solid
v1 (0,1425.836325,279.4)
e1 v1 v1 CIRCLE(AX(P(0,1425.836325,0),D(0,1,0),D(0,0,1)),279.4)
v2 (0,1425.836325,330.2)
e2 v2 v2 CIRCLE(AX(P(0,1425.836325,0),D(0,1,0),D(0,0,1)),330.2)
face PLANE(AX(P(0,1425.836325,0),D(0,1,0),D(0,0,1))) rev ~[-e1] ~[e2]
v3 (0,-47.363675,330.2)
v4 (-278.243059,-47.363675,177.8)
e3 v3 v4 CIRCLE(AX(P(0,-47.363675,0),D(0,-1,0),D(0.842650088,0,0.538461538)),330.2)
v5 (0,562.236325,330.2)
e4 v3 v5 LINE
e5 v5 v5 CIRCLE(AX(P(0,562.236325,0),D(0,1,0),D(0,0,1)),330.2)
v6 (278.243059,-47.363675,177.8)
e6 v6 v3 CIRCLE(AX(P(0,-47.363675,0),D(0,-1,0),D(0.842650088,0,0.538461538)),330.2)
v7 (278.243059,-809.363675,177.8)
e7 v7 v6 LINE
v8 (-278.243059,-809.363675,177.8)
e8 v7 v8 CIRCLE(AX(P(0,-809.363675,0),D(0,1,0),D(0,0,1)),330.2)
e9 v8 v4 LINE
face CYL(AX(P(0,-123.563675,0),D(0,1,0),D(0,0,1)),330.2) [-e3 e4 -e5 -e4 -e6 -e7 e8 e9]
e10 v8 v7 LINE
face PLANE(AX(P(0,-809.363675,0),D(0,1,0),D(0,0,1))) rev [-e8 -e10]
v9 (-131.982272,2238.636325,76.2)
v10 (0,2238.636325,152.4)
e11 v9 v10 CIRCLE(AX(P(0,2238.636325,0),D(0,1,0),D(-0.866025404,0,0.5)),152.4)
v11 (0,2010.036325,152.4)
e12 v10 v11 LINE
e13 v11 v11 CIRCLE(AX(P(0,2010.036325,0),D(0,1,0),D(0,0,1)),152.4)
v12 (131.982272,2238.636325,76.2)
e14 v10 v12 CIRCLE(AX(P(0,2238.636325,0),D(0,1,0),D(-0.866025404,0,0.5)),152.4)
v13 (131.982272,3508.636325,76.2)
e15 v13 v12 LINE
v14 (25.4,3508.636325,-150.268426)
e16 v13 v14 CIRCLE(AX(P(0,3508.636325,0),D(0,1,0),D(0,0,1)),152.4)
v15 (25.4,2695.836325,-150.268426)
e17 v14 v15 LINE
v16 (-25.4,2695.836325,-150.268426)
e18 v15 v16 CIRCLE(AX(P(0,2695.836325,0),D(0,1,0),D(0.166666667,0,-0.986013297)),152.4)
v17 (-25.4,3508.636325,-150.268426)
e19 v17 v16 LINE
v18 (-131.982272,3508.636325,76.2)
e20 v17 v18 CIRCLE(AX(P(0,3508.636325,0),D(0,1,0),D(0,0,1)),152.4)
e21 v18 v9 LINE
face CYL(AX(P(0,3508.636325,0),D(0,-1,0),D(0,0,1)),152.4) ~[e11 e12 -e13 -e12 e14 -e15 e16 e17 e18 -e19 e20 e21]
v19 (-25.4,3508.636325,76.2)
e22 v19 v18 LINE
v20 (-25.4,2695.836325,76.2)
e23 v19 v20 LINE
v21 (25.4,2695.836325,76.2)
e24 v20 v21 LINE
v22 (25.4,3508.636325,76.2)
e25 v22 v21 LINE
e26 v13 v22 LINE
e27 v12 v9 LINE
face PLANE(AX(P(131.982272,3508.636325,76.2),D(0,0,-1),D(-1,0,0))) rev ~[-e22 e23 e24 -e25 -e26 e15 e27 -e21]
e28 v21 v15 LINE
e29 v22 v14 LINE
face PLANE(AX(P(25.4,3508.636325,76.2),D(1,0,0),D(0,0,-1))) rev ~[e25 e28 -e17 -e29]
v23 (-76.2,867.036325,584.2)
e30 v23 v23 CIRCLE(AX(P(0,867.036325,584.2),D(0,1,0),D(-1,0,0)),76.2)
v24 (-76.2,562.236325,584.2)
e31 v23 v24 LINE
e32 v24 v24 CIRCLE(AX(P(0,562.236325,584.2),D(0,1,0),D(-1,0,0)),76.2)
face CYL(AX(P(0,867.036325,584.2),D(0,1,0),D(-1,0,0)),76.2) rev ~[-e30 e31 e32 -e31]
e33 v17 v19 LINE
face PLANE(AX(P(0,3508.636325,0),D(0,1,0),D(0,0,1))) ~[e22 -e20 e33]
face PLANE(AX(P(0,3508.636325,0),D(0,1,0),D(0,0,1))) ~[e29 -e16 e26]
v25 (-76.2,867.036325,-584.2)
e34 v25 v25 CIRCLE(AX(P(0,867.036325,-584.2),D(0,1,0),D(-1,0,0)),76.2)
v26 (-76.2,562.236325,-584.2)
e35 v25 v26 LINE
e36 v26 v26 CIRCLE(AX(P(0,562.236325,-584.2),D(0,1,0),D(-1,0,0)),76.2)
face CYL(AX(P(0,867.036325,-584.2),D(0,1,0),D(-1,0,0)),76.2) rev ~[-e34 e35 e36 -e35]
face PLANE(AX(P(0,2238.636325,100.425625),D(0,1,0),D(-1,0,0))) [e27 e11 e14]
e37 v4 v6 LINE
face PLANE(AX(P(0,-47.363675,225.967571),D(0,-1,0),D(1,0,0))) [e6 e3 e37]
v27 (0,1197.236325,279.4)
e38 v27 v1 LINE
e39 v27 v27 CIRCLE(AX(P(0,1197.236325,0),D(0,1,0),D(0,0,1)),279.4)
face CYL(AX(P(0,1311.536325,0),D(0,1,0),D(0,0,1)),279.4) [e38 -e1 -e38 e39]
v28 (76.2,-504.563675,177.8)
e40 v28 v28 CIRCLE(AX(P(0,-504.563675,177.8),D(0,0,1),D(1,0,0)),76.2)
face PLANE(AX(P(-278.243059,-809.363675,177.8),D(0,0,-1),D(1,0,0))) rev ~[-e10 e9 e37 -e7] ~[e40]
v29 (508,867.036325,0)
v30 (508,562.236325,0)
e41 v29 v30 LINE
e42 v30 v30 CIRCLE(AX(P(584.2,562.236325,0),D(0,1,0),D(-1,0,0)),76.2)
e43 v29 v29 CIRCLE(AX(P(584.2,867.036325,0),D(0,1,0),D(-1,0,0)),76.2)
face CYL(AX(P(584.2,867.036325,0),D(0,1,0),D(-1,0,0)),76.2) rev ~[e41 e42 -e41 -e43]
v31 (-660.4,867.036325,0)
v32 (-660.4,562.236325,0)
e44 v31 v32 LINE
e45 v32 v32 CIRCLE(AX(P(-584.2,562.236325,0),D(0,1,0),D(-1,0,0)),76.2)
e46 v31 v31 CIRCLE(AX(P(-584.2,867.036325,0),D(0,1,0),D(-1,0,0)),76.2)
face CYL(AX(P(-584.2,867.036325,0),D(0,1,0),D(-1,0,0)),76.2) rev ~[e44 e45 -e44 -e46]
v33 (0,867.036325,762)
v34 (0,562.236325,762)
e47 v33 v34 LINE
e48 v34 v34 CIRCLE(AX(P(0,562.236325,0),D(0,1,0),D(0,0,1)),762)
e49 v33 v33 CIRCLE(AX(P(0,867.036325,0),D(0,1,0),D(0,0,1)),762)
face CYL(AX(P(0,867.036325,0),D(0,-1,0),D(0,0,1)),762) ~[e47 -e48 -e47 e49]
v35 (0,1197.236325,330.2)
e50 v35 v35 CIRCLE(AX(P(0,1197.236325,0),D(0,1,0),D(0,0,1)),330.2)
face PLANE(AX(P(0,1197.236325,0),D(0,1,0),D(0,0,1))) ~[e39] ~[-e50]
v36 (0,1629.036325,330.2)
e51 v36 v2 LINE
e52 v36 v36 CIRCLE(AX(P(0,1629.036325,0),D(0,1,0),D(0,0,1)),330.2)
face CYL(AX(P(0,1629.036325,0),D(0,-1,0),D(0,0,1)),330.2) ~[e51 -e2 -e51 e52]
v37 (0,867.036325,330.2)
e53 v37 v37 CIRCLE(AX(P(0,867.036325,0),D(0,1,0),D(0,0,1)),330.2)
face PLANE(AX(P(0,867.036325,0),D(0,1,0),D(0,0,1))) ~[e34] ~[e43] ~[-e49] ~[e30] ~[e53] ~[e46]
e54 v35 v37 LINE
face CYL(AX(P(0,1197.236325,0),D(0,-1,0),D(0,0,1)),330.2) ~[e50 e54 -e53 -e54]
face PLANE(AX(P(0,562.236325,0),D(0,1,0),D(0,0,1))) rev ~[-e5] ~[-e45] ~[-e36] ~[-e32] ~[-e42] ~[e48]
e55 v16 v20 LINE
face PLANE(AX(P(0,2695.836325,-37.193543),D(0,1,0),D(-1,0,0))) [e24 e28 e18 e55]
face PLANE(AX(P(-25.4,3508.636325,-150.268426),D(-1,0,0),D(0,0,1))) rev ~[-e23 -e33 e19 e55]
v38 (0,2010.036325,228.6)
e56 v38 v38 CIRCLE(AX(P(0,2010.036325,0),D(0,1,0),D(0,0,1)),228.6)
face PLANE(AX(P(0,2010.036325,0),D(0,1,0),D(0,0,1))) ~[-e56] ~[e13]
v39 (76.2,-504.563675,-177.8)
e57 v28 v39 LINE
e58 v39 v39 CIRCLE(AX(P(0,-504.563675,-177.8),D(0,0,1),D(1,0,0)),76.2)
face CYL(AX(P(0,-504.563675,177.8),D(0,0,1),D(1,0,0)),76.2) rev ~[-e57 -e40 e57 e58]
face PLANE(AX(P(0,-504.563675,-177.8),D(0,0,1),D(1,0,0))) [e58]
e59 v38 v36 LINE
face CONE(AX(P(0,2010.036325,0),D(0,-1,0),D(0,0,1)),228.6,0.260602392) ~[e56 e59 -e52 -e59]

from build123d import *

# Parameters (mm, degrees)
F0_W      = 1371.6
F0_H      = 330.2
F0_W_2    = 228.6
F0_H_2    = 279.4
F0_W_3    = 812.8
F0_H_3    = 79.6570703387
F0_H_4    = 72.7429296613
F0_W_4    = 457.2
F2_R      = 76.2
F3_DEPTH  = 1676.401
F5_DEPTH  = 762
F6_R      = 76.2
F7_DEPTH  = 355.6
F9_DEPTH  = 1270
F11_DEPTH = 812.8


with BuildPart() as f1:
    # F0 (on Right) → F1 (revolve)
    with BuildSketch(Plane.YZ):
        with Locations((-123.5636745517, 165.1)):
            Rectangle(F0_W, F0_H)
        Polygon((562.2363254483, 330.2), (562.2363254483, 0), (867.0363254483, 0), (867.0363254483, 330.2), (867.0363254483, 762), (562.2363254483, 762), align=None)
        Polygon((867.0363254483, 330.2), (867.0363254483, 0), (1197.2363254483, 0), (1197.2363254483, 279.4), (1197.2363254483, 330.2), align=None)
        with Locations((1311.5363254483, 139.7)):
            Rectangle(F0_W_2, F0_H_2)
        Polygon((1425.8363254483, 279.4), (1425.8363254483, 0), (1629.0363254483, 0), (1629.0363254483, 330.2), (1425.8363254483, 330.2), align=None)
        Polygon((1629.0363254483, 330.2), (1629.0363254483, 0), (2010.0363254483, 0), (2010.0363254483, 152.4), (2010.0363254483, 228.6), align=None)
        Polygon((2010.0363254483, 152.4), (2010.0363254483, 0), (2695.8363254483, 0), (2695.8363254483, 79.6570703387), (2238.6363254483, 79.6570703387), (2238.6363254483, 152.4), align=None)
        with Locations((3102.2363254483, 39.8285351694)):
            Rectangle(F0_W_3, F0_H_3)
        with Locations((3102.2363254483, 116.0285351694)):
            Rectangle(F0_W_3, F0_H_4)
        with Locations((2467.2363254483, 116.0285351694)):
            Rectangle(F0_W_4, F0_H_4)
    revolve(axis=Axis((0, 1349.6363254483, 0), (0, 1, 0)))

    # F2 (on face) → F3 (cut, through all)
    with BuildSketch(Plane(origin=(0, 867.0363254483, 0), x_dir=(-1, 0, 0), z_dir=(0, 1, 0))):
        with Locations((-584.2, 0)):
            Circle(F2_R)
        with Locations((0, 584.2)):
            Circle(F2_R)
        with Locations((0, -584.2)):
            Circle(F2_R)
        with Locations((584.2, 0)):
            Circle(F2_R)
    extrude(amount=-F3_DEPTH, mode=Mode.SUBTRACT)

    # F4 (on face) → F5 (cut)
    with BuildSketch(Plane.XZ.offset(809.3636745517)):
        with BuildLine():
            ThreePointArc((278.2430592126, 177.8), (0, 330.2), (-278.2430592126, 177.8))
            Line((-278.2430592126, 177.8), (278.2430592126, 177.8))
        make_face()
    extrude(amount=-F5_DEPTH, mode=Mode.SUBTRACT)

    # F6 (on face) → F7 (cut)
    with BuildSketch(Plane.XY.offset(177.8)):
        with Locations((0, -504.5636745517)):
            Circle(F6_R)
    extrude(amount=-F7_DEPTH, mode=Mode.SUBTRACT)

    # F8 (on face) → F9 (cut)
    with BuildSketch(Plane(origin=(0, 3508.6363254483, 0), x_dir=(-1, 0, 0), z_dir=(0, 1, 0))):
        with BuildLine():
            ThreePointArc((131.9822715367, 76.2), (0, 152.4), (-131.9822715367, 76.2))
            Line((-131.9822715367, 76.2), (131.9822715367, 76.2))
        make_face()
    extrude(amount=-F9_DEPTH, mode=Mode.SUBTRACT)

    # F10 (on face) → F11 (cut)
    with BuildSketch(Plane(origin=(0, 3508.6363254483, 0), x_dir=(-1, 0, 0), z_dir=(0, 1, 0))):
        with BuildLine():
            Line((25.4, 76.2), (-25.4, 76.2))
            Line((-25.4, 76.2), (-25.4, -150.2684264907))
            ThreePointArc((-25.4, -150.2684264907), (0, -152.4), (25.4, -150.2684264907))
            Line((25.4, -150.2684264907), (25.4, 76.2))
        make_face()
    extrude(amount=-F11_DEPTH, mode=Mode.SUBTRACT)


solid = f1.part
